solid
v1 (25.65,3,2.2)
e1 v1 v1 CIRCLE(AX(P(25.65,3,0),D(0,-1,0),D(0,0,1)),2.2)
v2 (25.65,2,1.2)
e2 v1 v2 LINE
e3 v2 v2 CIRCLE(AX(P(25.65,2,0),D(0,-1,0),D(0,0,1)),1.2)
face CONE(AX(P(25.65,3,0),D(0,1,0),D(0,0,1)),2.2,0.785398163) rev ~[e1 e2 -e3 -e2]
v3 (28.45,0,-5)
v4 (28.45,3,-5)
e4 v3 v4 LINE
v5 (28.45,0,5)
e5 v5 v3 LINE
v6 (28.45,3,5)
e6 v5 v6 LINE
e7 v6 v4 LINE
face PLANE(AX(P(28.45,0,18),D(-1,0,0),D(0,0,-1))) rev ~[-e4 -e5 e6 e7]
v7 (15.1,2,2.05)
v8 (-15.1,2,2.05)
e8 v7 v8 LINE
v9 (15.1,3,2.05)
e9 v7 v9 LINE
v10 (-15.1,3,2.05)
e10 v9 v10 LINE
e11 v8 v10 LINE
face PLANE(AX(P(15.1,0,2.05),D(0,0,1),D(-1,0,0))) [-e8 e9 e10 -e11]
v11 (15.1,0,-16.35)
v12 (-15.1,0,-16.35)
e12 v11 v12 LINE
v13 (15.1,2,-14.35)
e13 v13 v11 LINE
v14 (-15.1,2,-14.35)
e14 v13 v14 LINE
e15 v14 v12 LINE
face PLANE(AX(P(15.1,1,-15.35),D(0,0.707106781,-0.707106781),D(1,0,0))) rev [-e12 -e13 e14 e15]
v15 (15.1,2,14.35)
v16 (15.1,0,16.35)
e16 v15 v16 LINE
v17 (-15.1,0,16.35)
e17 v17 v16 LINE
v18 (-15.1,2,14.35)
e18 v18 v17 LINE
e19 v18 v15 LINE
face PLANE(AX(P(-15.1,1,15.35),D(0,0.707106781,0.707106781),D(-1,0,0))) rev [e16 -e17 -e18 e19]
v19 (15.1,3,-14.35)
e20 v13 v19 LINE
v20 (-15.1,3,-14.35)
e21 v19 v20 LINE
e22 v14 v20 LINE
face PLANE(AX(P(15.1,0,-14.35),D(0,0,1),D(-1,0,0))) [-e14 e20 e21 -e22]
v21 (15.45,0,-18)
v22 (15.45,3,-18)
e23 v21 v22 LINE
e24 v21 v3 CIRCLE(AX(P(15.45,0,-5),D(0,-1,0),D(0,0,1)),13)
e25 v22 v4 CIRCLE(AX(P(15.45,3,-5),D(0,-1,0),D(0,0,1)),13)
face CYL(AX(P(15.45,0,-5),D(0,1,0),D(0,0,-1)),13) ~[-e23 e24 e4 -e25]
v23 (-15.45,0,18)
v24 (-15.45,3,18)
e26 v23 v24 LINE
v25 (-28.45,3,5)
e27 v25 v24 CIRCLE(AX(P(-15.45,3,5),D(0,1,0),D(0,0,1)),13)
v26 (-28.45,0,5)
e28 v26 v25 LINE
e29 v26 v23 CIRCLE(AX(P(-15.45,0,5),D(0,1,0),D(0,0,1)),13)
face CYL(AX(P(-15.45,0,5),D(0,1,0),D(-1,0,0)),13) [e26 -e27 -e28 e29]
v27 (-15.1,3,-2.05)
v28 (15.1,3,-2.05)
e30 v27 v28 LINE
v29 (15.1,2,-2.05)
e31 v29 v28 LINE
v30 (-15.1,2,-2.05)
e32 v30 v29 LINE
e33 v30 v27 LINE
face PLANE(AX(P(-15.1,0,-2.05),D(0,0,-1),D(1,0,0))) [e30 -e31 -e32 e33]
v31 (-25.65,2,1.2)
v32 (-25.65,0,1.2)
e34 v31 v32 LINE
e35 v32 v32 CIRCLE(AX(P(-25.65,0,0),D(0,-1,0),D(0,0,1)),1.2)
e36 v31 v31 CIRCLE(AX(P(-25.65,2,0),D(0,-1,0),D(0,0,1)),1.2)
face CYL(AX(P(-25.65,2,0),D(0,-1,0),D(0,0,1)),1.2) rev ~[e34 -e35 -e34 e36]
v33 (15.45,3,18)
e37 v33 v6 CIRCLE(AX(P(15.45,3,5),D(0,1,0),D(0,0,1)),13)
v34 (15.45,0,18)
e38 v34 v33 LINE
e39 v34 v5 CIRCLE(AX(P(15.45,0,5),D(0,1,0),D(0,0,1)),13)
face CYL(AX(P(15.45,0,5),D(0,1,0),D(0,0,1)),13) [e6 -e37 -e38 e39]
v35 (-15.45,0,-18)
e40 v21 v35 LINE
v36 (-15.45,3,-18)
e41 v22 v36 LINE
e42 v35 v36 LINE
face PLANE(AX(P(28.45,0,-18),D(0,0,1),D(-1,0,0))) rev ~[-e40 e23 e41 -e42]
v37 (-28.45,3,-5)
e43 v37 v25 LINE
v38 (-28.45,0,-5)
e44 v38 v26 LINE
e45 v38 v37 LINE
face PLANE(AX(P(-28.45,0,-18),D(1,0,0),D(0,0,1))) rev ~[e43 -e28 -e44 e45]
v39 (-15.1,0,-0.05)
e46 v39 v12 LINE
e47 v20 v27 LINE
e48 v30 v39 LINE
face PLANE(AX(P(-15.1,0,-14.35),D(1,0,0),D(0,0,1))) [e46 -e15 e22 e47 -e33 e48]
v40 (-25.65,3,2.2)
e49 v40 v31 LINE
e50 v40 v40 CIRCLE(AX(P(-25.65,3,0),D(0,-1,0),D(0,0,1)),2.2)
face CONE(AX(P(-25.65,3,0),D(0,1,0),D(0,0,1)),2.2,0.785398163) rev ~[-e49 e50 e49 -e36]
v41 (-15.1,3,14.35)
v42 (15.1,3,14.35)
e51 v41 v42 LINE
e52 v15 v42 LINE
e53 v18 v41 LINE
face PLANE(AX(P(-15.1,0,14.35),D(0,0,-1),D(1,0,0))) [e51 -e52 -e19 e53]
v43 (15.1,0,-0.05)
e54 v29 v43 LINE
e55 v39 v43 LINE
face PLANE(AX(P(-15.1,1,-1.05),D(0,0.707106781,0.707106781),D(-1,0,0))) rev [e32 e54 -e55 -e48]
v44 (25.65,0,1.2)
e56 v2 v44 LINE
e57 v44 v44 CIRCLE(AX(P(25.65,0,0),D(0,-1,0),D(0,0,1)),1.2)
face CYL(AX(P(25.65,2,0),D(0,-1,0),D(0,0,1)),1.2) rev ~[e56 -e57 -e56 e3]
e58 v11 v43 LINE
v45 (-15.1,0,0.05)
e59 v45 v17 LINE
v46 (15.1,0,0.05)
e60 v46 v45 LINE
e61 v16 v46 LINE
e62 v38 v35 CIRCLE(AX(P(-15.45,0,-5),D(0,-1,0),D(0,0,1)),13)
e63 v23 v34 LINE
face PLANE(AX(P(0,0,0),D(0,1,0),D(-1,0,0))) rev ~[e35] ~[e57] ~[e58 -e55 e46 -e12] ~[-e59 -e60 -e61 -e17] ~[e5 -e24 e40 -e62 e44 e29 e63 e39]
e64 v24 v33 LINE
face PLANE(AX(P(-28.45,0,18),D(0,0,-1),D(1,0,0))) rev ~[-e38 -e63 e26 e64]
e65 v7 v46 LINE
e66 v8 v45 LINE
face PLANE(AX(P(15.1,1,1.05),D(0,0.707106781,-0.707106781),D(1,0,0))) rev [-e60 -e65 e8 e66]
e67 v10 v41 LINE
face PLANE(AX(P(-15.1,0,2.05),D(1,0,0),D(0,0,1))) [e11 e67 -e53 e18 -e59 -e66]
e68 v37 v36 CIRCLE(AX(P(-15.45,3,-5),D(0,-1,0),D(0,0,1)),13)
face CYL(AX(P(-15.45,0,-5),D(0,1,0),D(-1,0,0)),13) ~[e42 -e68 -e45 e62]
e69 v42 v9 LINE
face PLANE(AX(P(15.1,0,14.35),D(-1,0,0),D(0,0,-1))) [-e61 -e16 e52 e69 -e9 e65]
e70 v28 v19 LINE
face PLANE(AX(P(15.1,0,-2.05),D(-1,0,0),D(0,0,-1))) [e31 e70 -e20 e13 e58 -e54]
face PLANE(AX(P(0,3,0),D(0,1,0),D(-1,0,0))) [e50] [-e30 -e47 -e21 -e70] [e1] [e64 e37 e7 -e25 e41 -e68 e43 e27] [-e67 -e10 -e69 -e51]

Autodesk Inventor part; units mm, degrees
ref_plane "YZ Plane" through (0, 0, 0) normal (1, 0, 0) x (0, 1, 0)
ref_plane "XZ Plane" through (0, 0, 0) normal (0, 1, 0) x (-1, 0, 0)
ref_plane "XY Plane" through (0, 0, 0) normal (0, 0, 1) x (1, 0, 0)
sketch "Skizze1" plane through (0, 0, 0) normal (0, 1, 0) x (-1, 0, 0)
  line L0 (15.1, 14.35) -> (-15.1, 14.35)
  line L1 (-15.1, 14.35) -> (-15.1, 2.05)
  line L2 (-15.1, 2.05) -> (15.1, 2.05)
  line L3 (15.1, 2.05) -> (15.1, 14.35)
  line L4 (15.1, 14.35) -> (-15.1, 2.05) construction
  line L5 (-15.1, 14.35) -> (15.1, 2.05) construction
  line L6 (15.1, -2.05) -> (-15.1, -2.05)
  line L7 (-15.1, -2.05) -> (-15.1, -14.35)
  line L8 (-15.1, -14.35) -> (15.1, -14.35)
  line L9 (15.1, -14.35) -> (15.1, -2.05)
  line L10 (15.1, -2.05) -> (-15.1, -14.35) construction
  line L11 (-15.1, -2.05) -> (15.1, -14.35) construction
  line L12 (28.45, 18) -> (-28.45, 18)
  line L13 (-28.45, 18) -> (-28.45, -18)
  line L14 (-28.45, -18) -> (28.45, -18)
  line L15 (28.45, -18) -> (28.45, 18)
  line L16 (28.45, 18) -> (-28.45, -18) construction
  line L17 (-28.45, 18) -> (28.45, -18) construction
  point P0 (0, 0)
  point P1 (0, 8.2)
  point P2 (0, -8.2)
  dimension "d0" = 30.2
  dimension "d1" = 12.3
  dimension "d2" = 30.2
  dimension "d3" = 12.3
  dimension "d5" = 4.1
  dimension "d6" = 2.05
  dimension "d7" = 56.9
  dimension "d8" = 36
extrude "Extrusion1" add sketch "Skizze1" along normal blind 3
chamfer "Fase1" distance 2 angle 45 4 edges at (0, 0, 2.05) (0, 0, -14.35) (0, 0, -2.05) (0, 0, 14.35)
sketch "Skizze2" plane through (0, 3, 0) normal (0, 1, 0) x (1, 0, 0)
  line L0 (28.45, 18) -> (-28.45, 18) projected
  line L1 (-25.65, -18) -> (25.65, -18)
  line L2 (25.65, -18) -> (25.65, 18)
  line L3 (25.65, 18) -> (-25.65, 18)
  line L4 (-25.65, 18) -> (-25.65, -18)
  line L5 (-25.65, -18) -> (25.65, 18) construction
  line L6 (25.65, -18) -> (-25.65, 18) construction
  line L7 (-25.65, 0) -> (25.65, 0)
  point P0 (0, 0)
  dimension "d14" = 51.3
hole "Bohrung1" at (-25.65, 3, 0) at (25.65, 3, 0) direction (0, -1, 0) diameter 2.4 end through all countersink diameter 4.4 countersink angle 90 clearance for "Flachkopfmaschinenschraube" size "M2" standard "ANSI Metrisches M Profil"
fillet "Rundung1" radius 13 4 edges at (28.45, 1.5, -18) (28.45, 1.5, 18) (-28.45, 1.5, -18) (-28.45, 1.5, 18)
properties part number "Wago2Din_2Way"
